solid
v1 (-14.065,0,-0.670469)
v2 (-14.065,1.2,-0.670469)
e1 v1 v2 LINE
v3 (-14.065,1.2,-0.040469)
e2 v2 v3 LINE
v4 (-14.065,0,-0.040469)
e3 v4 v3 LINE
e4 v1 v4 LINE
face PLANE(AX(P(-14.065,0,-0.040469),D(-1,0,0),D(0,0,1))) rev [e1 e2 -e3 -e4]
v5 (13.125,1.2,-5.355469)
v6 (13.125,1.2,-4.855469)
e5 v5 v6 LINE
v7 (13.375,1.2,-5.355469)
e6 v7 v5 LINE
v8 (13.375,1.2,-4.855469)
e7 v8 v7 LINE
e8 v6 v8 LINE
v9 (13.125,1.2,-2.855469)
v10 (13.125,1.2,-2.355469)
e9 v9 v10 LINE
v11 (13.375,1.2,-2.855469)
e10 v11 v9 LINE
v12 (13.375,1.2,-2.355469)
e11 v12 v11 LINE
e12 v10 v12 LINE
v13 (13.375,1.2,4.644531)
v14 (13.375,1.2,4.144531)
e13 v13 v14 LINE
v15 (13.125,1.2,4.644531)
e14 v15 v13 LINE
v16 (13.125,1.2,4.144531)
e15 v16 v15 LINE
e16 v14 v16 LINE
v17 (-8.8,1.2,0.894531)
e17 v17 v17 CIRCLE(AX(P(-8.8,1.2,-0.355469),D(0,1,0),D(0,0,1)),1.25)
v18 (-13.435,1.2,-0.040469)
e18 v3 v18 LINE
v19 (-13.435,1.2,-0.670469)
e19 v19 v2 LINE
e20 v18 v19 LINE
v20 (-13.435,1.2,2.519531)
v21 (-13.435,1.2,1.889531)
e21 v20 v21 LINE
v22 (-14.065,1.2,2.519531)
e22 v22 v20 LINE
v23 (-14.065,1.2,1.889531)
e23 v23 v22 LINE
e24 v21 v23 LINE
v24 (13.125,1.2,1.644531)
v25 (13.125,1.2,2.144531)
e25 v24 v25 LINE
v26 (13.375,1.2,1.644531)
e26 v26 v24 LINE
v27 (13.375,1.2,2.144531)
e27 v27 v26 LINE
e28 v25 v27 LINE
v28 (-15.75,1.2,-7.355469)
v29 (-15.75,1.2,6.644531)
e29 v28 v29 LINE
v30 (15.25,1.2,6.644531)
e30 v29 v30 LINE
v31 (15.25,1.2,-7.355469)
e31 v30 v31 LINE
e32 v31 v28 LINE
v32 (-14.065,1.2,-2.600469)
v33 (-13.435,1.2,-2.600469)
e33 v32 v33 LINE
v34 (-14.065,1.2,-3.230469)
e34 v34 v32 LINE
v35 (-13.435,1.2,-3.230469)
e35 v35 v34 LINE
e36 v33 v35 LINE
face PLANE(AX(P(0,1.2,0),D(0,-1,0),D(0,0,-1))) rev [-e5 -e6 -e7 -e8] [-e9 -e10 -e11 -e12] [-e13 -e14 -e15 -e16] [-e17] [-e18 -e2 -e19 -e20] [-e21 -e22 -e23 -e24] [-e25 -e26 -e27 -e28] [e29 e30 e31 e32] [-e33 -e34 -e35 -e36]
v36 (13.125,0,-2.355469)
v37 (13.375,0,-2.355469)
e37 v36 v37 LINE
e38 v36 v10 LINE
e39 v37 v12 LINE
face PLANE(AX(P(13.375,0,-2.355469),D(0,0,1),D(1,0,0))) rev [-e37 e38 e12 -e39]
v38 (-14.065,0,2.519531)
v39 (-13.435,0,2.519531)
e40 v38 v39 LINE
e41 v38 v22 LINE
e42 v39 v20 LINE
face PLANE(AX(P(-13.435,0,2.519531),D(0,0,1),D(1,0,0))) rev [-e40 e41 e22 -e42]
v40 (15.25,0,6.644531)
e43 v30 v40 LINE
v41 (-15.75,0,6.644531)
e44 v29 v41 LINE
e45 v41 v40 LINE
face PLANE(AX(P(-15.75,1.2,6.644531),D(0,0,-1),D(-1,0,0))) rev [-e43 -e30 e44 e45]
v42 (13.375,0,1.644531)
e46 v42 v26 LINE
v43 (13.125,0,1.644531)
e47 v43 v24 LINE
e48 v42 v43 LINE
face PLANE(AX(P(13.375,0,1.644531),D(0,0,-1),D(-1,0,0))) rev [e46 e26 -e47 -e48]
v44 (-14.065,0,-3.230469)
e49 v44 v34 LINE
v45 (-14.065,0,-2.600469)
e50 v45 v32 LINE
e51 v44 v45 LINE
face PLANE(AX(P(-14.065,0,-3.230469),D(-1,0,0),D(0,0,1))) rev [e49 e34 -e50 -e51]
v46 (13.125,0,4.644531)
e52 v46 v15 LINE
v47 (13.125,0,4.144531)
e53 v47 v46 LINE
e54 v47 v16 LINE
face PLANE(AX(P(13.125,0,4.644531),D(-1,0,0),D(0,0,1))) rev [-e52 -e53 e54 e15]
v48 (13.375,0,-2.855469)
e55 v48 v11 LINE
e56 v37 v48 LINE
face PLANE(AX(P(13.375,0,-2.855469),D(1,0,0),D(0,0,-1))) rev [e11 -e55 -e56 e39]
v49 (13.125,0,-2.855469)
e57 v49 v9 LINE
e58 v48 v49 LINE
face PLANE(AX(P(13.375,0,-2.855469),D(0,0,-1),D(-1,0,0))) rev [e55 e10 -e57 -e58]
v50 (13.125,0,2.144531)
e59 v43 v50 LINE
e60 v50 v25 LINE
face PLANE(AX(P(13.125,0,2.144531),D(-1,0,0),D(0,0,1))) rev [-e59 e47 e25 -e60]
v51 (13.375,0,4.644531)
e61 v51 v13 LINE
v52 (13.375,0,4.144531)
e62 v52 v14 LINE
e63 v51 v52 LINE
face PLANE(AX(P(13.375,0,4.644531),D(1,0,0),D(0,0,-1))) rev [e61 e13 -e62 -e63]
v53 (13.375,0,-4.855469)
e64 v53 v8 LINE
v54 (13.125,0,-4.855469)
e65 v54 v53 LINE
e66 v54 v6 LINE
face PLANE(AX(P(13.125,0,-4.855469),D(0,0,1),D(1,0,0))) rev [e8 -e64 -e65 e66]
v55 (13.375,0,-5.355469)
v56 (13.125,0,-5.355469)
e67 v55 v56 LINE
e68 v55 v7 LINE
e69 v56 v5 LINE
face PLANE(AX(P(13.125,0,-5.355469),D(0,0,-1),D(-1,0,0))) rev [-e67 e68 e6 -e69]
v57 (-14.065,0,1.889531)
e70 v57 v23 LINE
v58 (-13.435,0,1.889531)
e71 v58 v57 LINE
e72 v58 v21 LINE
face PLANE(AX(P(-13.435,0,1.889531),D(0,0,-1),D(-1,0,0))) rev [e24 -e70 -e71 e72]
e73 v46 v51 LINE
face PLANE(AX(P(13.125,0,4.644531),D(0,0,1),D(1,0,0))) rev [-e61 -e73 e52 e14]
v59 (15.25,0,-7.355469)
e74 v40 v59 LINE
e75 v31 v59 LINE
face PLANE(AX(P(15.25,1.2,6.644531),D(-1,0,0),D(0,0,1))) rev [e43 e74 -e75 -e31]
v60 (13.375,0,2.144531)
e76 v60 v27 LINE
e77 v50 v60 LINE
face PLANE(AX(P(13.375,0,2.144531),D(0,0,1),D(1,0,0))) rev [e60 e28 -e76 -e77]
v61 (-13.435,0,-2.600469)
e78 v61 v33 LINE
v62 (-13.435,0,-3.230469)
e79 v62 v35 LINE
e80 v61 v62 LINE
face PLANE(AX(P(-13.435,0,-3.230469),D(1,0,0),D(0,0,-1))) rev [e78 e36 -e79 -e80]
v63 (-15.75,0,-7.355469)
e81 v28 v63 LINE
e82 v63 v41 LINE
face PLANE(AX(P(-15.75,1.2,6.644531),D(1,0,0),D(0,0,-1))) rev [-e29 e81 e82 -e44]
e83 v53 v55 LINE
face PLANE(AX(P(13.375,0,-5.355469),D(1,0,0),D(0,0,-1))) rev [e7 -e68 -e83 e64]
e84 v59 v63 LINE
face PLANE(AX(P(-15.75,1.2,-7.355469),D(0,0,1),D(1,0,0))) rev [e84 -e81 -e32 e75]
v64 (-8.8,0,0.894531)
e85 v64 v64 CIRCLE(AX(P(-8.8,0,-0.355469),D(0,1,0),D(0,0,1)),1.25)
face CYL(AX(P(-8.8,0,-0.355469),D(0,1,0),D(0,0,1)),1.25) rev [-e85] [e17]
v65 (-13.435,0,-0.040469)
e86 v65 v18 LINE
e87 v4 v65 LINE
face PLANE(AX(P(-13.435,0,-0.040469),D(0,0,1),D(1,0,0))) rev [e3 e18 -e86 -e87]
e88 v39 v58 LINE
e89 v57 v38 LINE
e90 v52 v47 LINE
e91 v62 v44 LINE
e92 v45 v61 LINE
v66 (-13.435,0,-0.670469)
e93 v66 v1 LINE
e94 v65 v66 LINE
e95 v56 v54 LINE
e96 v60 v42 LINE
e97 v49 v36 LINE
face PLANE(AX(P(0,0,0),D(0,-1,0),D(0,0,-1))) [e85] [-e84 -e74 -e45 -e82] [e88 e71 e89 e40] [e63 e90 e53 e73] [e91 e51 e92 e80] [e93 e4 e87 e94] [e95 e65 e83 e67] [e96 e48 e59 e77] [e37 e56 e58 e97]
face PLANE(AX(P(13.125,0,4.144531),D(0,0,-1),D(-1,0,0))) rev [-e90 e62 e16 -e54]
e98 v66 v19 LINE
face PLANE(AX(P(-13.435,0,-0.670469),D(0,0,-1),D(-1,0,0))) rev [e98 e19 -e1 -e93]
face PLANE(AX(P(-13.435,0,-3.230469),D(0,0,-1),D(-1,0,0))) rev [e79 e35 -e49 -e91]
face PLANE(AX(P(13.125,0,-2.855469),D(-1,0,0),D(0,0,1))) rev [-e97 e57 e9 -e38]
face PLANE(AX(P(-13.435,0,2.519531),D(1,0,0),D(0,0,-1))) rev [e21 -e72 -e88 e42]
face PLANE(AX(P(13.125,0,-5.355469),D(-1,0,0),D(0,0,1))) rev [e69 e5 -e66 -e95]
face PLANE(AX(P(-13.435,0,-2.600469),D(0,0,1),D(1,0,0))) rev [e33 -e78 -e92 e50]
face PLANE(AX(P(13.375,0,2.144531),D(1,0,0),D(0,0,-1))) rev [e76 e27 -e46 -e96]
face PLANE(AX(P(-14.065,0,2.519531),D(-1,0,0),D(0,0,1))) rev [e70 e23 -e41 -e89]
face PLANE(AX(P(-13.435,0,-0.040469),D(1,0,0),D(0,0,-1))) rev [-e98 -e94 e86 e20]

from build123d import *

# Parameters (mm, degrees)
SKETCH1_W           = 31
SKETCH1_H           = 14
BOSS_EXTRUDE1_DEPTH = 1.2
SKETCH2_R           = 1.25
SKETCH2_W           = 0.63
SKETCH2_H           = 0.63
SKETCH2_W_2         = 0.25
SKETCH2_H_2         = 0.5
CUT_EXTRUDE1_DEPTH  = 2.2


with BuildPart() as part:
    # Sketch1 → Boss-Extrude1 (new body)
    with BuildSketch(Plane(origin=(0, 0, 0), x_dir=(1, 0, 0), z_dir=(0, 1, 0))):
        with Locations((-0.25, 0.35546875)):
            Rectangle(SKETCH1_W, SKETCH1_H)
    extrude(amount=BOSS_EXTRUDE1_DEPTH)

    # Sketch2 → Cut-Extrude1 (cut, through all)
    with BuildSketch(Plane(origin=(0, 1.2, 0), x_dir=(1, 0, 0), z_dir=(0, 1, 0))):
        with Locations((-8.8, 0.35546875)):
            Circle(SKETCH2_R)
        with Locations((-13.75, 2.91546875)):
            Rectangle(SKETCH2_W, SKETCH2_H)
        with Locations((-13.75, 0.35546875)):
            Rectangle(SKETCH2_W, SKETCH2_H)
        with Locations((-13.75, -2.20453125)):
            Rectangle(SKETCH2_W, SKETCH2_H)
        with Locations((13.25, -4.39453125)):
            Rectangle(SKETCH2_W_2, SKETCH2_H_2)
        with Locations((13.25, -1.89453125)):
            Rectangle(SKETCH2_W_2, SKETCH2_H_2)
        with Locations((13.25, 2.60546875)):
            Rectangle(SKETCH2_W_2, SKETCH2_H_2)
        with Locations((13.25, 5.10546875)):
            Rectangle(SKETCH2_W_2, SKETCH2_H_2)
    extrude(amount=-CUT_EXTRUDE1_DEPTH, mode=Mode.SUBTRACT)


solid = part.part
